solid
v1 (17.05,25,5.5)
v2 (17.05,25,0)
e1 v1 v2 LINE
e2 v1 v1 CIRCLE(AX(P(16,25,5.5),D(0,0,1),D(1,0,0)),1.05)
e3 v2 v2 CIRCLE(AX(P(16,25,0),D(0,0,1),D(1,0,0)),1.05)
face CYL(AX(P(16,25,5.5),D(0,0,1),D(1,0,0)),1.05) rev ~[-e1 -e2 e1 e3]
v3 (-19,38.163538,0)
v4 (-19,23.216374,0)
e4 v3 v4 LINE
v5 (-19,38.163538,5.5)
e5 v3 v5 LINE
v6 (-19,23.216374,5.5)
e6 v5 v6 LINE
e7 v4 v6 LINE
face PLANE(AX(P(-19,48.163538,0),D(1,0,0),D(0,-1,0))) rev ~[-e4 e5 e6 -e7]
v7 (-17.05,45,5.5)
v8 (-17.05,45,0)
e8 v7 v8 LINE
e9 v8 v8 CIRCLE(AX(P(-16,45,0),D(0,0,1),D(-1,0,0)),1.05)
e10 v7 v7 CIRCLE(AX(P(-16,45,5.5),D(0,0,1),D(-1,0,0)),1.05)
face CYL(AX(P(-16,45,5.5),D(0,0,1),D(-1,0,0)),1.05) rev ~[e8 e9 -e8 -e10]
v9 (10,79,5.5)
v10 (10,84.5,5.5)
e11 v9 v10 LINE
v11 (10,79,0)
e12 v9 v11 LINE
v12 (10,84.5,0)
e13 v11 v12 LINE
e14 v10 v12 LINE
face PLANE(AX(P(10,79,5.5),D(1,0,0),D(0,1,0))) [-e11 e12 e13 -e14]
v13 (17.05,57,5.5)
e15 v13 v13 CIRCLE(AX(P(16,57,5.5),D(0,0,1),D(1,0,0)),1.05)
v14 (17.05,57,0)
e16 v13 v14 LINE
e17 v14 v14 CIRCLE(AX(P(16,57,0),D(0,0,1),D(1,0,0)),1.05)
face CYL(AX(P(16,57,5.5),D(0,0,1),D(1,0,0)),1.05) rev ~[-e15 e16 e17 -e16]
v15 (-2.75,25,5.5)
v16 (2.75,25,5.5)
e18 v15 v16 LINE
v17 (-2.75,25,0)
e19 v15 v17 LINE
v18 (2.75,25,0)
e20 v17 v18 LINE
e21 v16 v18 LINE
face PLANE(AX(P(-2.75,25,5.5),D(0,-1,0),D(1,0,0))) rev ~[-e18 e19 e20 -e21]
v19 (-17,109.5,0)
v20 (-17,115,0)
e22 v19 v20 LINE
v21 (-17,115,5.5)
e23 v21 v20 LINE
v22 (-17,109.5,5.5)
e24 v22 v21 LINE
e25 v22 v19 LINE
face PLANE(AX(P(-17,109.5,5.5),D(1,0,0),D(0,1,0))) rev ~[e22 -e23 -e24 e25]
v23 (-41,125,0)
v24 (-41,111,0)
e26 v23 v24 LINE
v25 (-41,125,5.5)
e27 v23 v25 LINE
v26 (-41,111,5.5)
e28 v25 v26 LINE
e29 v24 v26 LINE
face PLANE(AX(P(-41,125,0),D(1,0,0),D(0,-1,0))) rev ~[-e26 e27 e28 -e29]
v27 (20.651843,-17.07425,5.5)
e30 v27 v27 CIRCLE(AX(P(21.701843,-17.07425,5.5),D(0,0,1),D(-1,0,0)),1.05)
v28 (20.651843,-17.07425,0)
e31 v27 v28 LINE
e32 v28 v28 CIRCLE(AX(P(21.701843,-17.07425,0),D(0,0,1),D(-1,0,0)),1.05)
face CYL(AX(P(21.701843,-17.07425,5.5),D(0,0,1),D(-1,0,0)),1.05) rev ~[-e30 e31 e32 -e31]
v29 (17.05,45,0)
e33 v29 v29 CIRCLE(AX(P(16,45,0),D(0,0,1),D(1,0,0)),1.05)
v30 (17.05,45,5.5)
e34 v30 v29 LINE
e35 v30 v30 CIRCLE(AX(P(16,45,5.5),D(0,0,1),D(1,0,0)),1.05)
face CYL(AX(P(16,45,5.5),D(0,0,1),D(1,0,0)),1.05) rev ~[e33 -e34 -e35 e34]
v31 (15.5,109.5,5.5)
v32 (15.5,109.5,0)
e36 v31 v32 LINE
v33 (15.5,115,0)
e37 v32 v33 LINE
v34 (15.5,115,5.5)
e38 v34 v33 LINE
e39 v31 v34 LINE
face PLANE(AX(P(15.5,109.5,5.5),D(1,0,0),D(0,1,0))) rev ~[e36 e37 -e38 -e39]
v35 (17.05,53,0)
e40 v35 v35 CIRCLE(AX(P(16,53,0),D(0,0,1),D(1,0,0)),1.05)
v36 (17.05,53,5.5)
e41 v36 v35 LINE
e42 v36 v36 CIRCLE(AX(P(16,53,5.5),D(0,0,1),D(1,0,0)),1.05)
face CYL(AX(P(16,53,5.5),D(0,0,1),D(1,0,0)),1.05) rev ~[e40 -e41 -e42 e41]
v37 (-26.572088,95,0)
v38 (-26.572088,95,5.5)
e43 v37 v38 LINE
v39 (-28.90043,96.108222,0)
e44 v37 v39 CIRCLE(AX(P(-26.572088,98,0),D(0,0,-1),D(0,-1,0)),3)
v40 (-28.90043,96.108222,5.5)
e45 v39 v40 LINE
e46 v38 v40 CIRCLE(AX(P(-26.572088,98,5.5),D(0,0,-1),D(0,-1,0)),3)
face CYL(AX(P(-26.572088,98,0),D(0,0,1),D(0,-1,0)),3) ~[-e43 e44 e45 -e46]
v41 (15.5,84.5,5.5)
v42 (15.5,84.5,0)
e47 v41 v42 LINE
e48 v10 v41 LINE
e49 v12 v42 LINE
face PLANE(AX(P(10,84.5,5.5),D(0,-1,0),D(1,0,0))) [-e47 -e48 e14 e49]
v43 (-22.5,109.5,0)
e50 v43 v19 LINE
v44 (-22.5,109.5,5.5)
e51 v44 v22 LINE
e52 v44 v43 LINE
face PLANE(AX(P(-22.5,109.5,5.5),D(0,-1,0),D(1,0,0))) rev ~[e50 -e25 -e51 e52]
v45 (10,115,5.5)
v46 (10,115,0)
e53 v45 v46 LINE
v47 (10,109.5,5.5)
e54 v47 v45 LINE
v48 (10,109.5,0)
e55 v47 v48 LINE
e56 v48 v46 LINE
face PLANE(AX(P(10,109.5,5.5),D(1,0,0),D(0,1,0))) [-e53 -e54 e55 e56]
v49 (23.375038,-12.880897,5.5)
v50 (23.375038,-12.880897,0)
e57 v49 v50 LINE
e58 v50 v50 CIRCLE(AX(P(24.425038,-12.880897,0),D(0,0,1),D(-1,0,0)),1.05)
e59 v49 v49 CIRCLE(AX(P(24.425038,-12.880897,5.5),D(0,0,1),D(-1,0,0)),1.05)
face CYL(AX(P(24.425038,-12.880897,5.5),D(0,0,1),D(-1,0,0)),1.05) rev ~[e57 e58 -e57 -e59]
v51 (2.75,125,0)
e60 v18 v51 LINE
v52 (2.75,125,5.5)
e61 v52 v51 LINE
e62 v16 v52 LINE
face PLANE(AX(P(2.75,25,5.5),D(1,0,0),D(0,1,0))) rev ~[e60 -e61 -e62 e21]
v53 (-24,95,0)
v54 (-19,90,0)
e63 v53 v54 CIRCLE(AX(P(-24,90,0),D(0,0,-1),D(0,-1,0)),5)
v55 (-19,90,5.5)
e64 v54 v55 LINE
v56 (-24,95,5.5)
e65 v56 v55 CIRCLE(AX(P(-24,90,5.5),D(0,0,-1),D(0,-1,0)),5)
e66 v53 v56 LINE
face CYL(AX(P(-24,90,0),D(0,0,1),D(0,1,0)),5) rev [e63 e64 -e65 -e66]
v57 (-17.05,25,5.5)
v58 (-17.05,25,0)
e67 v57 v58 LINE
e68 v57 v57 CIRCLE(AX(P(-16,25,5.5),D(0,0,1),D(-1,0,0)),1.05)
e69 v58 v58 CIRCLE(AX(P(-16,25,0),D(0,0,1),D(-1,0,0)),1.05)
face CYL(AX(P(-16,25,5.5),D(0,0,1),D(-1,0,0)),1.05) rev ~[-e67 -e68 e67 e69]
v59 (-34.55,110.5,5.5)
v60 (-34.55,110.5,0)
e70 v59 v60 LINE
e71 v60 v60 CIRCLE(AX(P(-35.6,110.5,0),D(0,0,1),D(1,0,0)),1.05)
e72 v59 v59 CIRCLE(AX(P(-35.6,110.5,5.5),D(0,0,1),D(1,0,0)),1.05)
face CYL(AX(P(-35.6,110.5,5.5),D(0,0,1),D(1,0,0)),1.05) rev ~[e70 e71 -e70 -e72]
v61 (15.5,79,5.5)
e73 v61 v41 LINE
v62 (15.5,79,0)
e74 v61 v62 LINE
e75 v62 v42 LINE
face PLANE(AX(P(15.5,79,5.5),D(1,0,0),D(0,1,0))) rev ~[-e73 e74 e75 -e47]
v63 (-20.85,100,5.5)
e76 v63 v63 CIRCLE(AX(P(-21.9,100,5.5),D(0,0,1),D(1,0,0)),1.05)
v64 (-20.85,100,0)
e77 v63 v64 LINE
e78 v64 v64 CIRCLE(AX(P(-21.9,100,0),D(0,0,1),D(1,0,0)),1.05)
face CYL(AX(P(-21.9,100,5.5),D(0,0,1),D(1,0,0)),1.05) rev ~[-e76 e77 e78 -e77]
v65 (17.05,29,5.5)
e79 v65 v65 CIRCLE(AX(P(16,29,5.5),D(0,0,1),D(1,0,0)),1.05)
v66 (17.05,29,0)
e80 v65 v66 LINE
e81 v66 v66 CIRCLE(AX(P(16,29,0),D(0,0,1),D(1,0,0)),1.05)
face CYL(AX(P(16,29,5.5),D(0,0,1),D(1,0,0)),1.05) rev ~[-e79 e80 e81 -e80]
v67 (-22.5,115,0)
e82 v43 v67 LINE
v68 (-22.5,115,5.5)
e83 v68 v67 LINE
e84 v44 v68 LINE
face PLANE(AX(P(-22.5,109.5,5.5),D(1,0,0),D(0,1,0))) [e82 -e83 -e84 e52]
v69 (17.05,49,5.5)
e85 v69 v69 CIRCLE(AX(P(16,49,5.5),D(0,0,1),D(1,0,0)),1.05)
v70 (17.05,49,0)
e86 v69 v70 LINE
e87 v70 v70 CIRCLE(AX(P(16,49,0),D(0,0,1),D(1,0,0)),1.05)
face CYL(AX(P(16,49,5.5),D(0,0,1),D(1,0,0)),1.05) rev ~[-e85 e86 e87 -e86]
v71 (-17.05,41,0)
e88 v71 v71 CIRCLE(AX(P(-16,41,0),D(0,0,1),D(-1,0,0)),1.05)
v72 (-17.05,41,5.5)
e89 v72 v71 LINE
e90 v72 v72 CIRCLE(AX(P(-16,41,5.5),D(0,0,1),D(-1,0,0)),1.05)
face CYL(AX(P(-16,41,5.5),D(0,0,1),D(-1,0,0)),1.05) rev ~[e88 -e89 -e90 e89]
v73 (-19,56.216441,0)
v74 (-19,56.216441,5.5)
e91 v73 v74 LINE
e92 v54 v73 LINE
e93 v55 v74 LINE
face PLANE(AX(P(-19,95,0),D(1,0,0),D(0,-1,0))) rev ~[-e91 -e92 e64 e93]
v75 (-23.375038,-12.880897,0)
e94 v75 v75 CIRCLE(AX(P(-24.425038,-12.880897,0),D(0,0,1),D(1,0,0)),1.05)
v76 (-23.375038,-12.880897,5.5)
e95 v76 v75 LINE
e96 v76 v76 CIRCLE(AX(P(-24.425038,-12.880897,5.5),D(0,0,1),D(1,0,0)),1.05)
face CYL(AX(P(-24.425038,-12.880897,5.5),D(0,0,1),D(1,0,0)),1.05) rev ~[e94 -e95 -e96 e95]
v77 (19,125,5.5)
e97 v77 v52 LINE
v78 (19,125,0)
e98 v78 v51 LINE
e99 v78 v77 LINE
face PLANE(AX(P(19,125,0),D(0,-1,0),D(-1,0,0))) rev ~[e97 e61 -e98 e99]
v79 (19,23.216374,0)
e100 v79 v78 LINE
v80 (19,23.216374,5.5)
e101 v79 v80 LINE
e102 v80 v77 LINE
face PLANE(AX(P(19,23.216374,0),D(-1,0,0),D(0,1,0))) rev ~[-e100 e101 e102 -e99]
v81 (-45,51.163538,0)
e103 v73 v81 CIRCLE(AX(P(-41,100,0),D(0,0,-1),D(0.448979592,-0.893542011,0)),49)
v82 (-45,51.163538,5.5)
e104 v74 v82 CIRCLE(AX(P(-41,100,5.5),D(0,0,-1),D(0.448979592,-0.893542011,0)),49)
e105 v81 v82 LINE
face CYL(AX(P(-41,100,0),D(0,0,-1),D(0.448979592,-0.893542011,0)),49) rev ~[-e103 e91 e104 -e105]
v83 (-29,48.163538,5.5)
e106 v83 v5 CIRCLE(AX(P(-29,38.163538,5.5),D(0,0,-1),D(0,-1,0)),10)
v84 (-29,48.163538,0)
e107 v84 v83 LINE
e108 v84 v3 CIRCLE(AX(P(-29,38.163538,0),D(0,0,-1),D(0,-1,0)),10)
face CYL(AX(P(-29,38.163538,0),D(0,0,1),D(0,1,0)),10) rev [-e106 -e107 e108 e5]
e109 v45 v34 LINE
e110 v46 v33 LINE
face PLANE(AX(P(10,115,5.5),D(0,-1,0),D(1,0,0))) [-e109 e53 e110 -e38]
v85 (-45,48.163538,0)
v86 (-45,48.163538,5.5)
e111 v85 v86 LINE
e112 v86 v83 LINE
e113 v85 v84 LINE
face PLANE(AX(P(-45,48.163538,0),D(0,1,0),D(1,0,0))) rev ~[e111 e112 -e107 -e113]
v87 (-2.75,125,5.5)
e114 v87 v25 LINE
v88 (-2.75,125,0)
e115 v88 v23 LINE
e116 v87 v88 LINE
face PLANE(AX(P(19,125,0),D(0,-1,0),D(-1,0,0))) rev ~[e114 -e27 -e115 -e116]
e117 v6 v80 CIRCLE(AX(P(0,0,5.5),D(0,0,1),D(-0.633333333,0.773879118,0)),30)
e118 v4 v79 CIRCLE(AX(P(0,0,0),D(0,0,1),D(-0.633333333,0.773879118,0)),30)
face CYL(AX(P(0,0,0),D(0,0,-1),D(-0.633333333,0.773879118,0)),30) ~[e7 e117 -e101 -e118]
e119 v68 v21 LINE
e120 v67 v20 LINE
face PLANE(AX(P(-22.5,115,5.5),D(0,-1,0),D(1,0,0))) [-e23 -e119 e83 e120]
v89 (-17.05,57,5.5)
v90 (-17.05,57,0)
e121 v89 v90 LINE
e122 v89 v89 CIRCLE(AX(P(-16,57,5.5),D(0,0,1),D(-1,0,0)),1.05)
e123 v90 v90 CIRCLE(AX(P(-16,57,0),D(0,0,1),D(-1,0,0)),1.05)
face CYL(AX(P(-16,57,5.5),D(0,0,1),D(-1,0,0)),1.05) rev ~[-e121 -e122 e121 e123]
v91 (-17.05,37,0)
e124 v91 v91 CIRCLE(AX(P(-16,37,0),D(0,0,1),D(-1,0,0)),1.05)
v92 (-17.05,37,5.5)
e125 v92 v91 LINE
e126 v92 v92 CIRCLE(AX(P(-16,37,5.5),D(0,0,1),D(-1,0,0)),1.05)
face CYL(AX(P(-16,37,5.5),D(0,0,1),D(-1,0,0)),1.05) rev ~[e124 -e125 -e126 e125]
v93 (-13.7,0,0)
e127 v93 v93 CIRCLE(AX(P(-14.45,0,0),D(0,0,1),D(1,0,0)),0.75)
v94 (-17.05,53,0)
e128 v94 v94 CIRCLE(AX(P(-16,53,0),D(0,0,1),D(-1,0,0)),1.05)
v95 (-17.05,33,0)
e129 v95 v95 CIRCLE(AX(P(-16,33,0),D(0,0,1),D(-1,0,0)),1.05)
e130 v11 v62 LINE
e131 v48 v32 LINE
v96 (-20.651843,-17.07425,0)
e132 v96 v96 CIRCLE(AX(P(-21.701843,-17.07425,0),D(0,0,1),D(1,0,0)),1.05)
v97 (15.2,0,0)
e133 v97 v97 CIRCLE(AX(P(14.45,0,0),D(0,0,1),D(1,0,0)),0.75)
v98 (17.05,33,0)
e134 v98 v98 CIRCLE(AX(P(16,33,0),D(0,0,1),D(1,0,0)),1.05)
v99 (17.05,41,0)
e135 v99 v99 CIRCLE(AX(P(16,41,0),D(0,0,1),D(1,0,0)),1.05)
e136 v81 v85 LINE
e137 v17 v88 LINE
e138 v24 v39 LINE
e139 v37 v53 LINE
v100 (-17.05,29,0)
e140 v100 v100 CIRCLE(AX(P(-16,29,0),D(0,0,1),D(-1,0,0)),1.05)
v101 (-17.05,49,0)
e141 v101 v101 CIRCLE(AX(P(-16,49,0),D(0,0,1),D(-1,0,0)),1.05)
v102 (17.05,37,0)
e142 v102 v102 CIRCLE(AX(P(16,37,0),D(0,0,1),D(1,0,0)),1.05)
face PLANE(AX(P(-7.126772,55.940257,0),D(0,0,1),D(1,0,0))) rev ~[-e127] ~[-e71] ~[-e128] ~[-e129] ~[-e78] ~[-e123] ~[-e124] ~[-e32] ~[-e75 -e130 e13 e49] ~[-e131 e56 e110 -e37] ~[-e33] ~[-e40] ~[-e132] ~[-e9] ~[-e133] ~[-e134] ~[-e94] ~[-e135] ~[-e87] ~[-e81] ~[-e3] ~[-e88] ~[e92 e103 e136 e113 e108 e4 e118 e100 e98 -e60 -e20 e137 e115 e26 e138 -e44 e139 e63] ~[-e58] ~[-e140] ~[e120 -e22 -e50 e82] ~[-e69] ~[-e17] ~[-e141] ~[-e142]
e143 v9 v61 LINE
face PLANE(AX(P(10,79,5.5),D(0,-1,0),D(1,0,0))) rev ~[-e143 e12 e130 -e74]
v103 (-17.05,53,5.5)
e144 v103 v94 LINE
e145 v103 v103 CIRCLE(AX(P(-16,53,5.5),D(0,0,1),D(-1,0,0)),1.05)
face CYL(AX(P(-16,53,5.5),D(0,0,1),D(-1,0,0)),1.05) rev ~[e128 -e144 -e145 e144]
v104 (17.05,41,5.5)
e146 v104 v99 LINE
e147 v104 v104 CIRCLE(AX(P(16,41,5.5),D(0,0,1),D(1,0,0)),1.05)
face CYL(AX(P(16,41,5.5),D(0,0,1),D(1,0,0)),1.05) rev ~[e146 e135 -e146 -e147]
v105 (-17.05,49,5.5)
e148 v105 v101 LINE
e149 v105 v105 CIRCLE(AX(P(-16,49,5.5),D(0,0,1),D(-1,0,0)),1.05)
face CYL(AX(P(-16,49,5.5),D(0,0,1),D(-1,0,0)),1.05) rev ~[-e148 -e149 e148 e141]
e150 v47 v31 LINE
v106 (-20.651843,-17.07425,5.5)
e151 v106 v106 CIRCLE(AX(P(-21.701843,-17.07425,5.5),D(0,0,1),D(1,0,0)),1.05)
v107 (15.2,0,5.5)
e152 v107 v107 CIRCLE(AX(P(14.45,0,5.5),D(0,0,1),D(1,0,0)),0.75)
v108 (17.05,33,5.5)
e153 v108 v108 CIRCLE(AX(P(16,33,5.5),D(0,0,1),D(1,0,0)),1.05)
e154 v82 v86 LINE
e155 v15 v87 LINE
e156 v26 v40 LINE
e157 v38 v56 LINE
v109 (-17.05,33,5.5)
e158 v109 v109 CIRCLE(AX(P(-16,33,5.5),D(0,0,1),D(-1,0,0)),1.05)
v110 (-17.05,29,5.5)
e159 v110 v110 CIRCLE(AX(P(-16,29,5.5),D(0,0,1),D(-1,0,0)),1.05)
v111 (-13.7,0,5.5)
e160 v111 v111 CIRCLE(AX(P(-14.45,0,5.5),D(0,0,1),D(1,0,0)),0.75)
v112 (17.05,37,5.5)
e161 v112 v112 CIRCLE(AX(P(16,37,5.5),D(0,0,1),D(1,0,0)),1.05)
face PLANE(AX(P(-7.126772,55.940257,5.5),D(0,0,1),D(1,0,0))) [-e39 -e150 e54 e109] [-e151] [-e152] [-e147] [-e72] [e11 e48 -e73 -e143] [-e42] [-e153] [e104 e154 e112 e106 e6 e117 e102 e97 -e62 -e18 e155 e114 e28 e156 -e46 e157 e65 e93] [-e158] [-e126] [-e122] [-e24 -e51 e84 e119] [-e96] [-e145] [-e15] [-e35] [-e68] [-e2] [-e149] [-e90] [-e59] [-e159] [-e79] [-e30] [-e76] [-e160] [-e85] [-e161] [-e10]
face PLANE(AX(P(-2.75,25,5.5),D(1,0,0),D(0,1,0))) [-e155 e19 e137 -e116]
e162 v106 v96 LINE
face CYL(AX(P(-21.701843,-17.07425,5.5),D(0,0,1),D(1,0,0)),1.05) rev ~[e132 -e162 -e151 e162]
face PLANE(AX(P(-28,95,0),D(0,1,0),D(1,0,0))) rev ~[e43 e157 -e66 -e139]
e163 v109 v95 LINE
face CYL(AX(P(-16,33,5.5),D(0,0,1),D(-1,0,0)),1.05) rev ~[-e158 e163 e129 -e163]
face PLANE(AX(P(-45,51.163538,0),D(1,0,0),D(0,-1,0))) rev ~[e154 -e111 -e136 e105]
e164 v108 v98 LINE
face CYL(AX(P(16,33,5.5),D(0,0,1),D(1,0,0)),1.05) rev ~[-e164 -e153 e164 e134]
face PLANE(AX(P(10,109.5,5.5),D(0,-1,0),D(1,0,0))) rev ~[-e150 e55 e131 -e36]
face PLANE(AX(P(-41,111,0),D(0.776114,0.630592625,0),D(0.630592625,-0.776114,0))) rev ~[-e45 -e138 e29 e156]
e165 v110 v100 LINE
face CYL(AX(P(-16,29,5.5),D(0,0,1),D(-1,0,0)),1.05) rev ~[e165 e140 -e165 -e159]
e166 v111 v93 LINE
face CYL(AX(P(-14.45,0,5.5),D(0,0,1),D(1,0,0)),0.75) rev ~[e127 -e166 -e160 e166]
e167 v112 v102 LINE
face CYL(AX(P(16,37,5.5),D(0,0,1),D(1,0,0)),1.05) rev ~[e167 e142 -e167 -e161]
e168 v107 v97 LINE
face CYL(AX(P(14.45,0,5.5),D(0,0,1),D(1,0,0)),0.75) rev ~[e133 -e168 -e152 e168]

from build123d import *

# Parameters (mm, degrees)
EXTRUDE_1_DEPTH     = 5.5
FILLET_2_R          = 5
SKETCH_5_R          = 0.75
CUT_EXTRUDE_3_DEPTH = 133.967101194
SKETCH_6_R          = 1.05
CUT_EXTRUDE_4_DEPTH = 133.967101194
SKETCH_7_R          = 1.05
CUT_EXTRUDE_5_DEPTH = 133.967101194
FILLET_3_R          = 3
FILLET_4_R          = 10
SKETCH_8_W          = 5.5
SKETCH_8_H          = 5.5
CUT_EXTRUDE_6_DEPTH = 133.967101194
SKETCH_9_R          = 1.05
CUT_EXTRUDE_7_DEPTH = 133.967101194
SKETCH_10_W         = 5.5
SKETCH_10_H         = 100
CUT_EXTRUDE_8_DEPTH = 133.967101194


with BuildPart() as part:
    # ｽｹｯﾁ1 → ﾎﾞｽ - 押し出し1 (new body)
    with BuildSketch(Plane.XY):
        with BuildLine():
            Line((19, 125), (-41, 125))
            Line((-41, 125), (-41, 111))
            Line((-41, 111), (-28, 95))
            Line((-28, 95), (-19, 95))
            Line((-19, 95), (-19, 56.216441442))
            ThreePointArc((-19, 56.216441442), (-31.652114797, 51.899926796), (-45, 51.163538212))
            Line((-45, 51.163538212), (-45, 48.163538212))
            Line((-45, 48.163538212), (-19, 48.163538212))
            Line((-19, 48.163538212), (-19, 23.216373532))
            ThreePointArc((-19, 23.216373532), (0, -30), (19, 23.216373532))
            Line((19, 23.216373532), (19, 125))
        make_face()
    extrude(amount=EXTRUDE_1_DEPTH)

    # ﾌｨﾚｯﾄ2
    fillet_2_edges = [part.edges().sort_by_distance(p)[0] for p in [
        (-19, 95, 2.75),
    ]]
    fillet(fillet_2_edges, radius=FILLET_2_R)

    # ｽｹｯﾁ5 → ｶｯﾄ - 押し出し3 (cut, through all)
    with BuildSketch(Plane.XY.offset(5.5)):
        with Locations((14.45, 0)):
            Circle(SKETCH_5_R)
        with Locations((-14.45, 0)):
            Circle(SKETCH_5_R)
    extrude(amount=-CUT_EXTRUDE_3_DEPTH, mode=Mode.SUBTRACT)

    # ｽｹｯﾁ6 → ｶｯﾄ - 押し出し4 (cut, through all)
    with BuildSketch(Plane.XY.offset(5.5)):
        with Locations((-24.425038206, -12.880897043)):
            Circle(SKETCH_6_R)
        with Locations((-21.701843031, -17.074249883)):
            Circle(SKETCH_6_R)
        with Locations(Location((24.425038206, -12.880897043, 0), (0, 0, 180))):
            Circle(SKETCH_6_R)
        with Locations(Location((21.701843031, -17.074249883, 0), (0, 0, 180))):
            Circle(SKETCH_6_R)
    extrude(amount=-CUT_EXTRUDE_4_DEPTH, mode=Mode.SUBTRACT)

    # ｽｹｯﾁ7 → ｶｯﾄ - 押し出し5 (cut, through all)
    with BuildSketch(Plane.XY.offset(5.5)):
        with Locations((-21.9, 100)):
            Circle(SKETCH_7_R)
        with Locations((-35.6, 110.5)):
            Circle(SKETCH_7_R)
    extrude(amount=-CUT_EXTRUDE_5_DEPTH, mode=Mode.SUBTRACT)

    # ﾌｨﾚｯﾄ3
    fillet_3_edges = [part.edges().sort_by_distance(p)[0] for p in [
        (-28, 95, 2.75),
    ]]
    fillet(fillet_3_edges, radius=FILLET_3_R)

    # ﾌｨﾚｯﾄ4
    fillet_4_edges = [part.edges().sort_by_distance(p)[0] for p in [
        (-19, 48.163538212, 2.75),
    ]]
    fillet(fillet_4_edges, radius=FILLET_4_R)

    # ｽｹｯﾁ8 → ｶｯﾄ - 押し出し6 (cut, through all)
    with BuildSketch(Plane.XY.offset(5.5)):
        with Locations((12.75, 112.25)):
            Rectangle(SKETCH_8_W, SKETCH_8_H)
        with Locations((-19.75, 112.25)):
            Rectangle(SKETCH_8_W, SKETCH_8_H)
        with Locations((12.75, 81.75)):
            Rectangle(SKETCH_8_W, SKETCH_8_H)
    extrude(amount=-CUT_EXTRUDE_6_DEPTH, mode=Mode.SUBTRACT)

    # ｽｹｯﾁ9 → ｶｯﾄ - 押し出し7 (cut, through all)
    with BuildSketch(Plane.XY.offset(5.5)):
        with Locations((16, 25)):
            Circle(SKETCH_9_R)
        with Locations((16, 29)):
            Circle(SKETCH_9_R)
        with Locations((16, 33)):
            Circle(SKETCH_9_R)
        with Locations((16, 37)):
            Circle(SKETCH_9_R)
        with Locations((16, 41)):
            Circle(SKETCH_9_R)
        with Locations((16, 45)):
            Circle(SKETCH_9_R)
        with Locations((16, 49)):
            Circle(SKETCH_9_R)
        with Locations((16, 53)):
            Circle(SKETCH_9_R)
        with Locations((16, 57)):
            Circle(SKETCH_9_R)
        with Locations(Location((-16, 57, 0), (0, 0, 180))):
            Circle(SKETCH_9_R)
        with Locations(Location((-16, 53, 0), (0, 0, 180))):
            Circle(SKETCH_9_R)
        with Locations(Location((-16, 49, 0), (0, 0, 180))):
            Circle(SKETCH_9_R)
        with Locations(Location((-16, 45, 0), (0, 0, 180))):
            Circle(SKETCH_9_R)
        with Locations(Location((-16, 41, 0), (0, 0, 180))):
            Circle(SKETCH_9_R)
        with Locations(Location((-16, 37, 0), (0, 0, 180))):
            Circle(SKETCH_9_R)
        with Locations(Location((-16, 33, 0), (0, 0, 180))):
            Circle(SKETCH_9_R)
        with Locations(Location((-16, 29, 0), (0, 0, 180))):
            Circle(SKETCH_9_R)
        with Locations(Location((-16, 25, 0), (0, 0, 180))):
            Circle(SKETCH_9_R)
    extrude(amount=-CUT_EXTRUDE_7_DEPTH, mode=Mode.SUBTRACT)

    # ｽｹｯﾁ10 → ｶｯﾄ - 押し出し8 (cut, through all)
    with BuildSketch(Plane.XY.offset(5.5)):
        with Locations((0, 75)):
            Rectangle(SKETCH_10_W, SKETCH_10_H)
    extrude(amount=-CUT_EXTRUDE_8_DEPTH, mode=Mode.SUBTRACT)


solid = part.part
